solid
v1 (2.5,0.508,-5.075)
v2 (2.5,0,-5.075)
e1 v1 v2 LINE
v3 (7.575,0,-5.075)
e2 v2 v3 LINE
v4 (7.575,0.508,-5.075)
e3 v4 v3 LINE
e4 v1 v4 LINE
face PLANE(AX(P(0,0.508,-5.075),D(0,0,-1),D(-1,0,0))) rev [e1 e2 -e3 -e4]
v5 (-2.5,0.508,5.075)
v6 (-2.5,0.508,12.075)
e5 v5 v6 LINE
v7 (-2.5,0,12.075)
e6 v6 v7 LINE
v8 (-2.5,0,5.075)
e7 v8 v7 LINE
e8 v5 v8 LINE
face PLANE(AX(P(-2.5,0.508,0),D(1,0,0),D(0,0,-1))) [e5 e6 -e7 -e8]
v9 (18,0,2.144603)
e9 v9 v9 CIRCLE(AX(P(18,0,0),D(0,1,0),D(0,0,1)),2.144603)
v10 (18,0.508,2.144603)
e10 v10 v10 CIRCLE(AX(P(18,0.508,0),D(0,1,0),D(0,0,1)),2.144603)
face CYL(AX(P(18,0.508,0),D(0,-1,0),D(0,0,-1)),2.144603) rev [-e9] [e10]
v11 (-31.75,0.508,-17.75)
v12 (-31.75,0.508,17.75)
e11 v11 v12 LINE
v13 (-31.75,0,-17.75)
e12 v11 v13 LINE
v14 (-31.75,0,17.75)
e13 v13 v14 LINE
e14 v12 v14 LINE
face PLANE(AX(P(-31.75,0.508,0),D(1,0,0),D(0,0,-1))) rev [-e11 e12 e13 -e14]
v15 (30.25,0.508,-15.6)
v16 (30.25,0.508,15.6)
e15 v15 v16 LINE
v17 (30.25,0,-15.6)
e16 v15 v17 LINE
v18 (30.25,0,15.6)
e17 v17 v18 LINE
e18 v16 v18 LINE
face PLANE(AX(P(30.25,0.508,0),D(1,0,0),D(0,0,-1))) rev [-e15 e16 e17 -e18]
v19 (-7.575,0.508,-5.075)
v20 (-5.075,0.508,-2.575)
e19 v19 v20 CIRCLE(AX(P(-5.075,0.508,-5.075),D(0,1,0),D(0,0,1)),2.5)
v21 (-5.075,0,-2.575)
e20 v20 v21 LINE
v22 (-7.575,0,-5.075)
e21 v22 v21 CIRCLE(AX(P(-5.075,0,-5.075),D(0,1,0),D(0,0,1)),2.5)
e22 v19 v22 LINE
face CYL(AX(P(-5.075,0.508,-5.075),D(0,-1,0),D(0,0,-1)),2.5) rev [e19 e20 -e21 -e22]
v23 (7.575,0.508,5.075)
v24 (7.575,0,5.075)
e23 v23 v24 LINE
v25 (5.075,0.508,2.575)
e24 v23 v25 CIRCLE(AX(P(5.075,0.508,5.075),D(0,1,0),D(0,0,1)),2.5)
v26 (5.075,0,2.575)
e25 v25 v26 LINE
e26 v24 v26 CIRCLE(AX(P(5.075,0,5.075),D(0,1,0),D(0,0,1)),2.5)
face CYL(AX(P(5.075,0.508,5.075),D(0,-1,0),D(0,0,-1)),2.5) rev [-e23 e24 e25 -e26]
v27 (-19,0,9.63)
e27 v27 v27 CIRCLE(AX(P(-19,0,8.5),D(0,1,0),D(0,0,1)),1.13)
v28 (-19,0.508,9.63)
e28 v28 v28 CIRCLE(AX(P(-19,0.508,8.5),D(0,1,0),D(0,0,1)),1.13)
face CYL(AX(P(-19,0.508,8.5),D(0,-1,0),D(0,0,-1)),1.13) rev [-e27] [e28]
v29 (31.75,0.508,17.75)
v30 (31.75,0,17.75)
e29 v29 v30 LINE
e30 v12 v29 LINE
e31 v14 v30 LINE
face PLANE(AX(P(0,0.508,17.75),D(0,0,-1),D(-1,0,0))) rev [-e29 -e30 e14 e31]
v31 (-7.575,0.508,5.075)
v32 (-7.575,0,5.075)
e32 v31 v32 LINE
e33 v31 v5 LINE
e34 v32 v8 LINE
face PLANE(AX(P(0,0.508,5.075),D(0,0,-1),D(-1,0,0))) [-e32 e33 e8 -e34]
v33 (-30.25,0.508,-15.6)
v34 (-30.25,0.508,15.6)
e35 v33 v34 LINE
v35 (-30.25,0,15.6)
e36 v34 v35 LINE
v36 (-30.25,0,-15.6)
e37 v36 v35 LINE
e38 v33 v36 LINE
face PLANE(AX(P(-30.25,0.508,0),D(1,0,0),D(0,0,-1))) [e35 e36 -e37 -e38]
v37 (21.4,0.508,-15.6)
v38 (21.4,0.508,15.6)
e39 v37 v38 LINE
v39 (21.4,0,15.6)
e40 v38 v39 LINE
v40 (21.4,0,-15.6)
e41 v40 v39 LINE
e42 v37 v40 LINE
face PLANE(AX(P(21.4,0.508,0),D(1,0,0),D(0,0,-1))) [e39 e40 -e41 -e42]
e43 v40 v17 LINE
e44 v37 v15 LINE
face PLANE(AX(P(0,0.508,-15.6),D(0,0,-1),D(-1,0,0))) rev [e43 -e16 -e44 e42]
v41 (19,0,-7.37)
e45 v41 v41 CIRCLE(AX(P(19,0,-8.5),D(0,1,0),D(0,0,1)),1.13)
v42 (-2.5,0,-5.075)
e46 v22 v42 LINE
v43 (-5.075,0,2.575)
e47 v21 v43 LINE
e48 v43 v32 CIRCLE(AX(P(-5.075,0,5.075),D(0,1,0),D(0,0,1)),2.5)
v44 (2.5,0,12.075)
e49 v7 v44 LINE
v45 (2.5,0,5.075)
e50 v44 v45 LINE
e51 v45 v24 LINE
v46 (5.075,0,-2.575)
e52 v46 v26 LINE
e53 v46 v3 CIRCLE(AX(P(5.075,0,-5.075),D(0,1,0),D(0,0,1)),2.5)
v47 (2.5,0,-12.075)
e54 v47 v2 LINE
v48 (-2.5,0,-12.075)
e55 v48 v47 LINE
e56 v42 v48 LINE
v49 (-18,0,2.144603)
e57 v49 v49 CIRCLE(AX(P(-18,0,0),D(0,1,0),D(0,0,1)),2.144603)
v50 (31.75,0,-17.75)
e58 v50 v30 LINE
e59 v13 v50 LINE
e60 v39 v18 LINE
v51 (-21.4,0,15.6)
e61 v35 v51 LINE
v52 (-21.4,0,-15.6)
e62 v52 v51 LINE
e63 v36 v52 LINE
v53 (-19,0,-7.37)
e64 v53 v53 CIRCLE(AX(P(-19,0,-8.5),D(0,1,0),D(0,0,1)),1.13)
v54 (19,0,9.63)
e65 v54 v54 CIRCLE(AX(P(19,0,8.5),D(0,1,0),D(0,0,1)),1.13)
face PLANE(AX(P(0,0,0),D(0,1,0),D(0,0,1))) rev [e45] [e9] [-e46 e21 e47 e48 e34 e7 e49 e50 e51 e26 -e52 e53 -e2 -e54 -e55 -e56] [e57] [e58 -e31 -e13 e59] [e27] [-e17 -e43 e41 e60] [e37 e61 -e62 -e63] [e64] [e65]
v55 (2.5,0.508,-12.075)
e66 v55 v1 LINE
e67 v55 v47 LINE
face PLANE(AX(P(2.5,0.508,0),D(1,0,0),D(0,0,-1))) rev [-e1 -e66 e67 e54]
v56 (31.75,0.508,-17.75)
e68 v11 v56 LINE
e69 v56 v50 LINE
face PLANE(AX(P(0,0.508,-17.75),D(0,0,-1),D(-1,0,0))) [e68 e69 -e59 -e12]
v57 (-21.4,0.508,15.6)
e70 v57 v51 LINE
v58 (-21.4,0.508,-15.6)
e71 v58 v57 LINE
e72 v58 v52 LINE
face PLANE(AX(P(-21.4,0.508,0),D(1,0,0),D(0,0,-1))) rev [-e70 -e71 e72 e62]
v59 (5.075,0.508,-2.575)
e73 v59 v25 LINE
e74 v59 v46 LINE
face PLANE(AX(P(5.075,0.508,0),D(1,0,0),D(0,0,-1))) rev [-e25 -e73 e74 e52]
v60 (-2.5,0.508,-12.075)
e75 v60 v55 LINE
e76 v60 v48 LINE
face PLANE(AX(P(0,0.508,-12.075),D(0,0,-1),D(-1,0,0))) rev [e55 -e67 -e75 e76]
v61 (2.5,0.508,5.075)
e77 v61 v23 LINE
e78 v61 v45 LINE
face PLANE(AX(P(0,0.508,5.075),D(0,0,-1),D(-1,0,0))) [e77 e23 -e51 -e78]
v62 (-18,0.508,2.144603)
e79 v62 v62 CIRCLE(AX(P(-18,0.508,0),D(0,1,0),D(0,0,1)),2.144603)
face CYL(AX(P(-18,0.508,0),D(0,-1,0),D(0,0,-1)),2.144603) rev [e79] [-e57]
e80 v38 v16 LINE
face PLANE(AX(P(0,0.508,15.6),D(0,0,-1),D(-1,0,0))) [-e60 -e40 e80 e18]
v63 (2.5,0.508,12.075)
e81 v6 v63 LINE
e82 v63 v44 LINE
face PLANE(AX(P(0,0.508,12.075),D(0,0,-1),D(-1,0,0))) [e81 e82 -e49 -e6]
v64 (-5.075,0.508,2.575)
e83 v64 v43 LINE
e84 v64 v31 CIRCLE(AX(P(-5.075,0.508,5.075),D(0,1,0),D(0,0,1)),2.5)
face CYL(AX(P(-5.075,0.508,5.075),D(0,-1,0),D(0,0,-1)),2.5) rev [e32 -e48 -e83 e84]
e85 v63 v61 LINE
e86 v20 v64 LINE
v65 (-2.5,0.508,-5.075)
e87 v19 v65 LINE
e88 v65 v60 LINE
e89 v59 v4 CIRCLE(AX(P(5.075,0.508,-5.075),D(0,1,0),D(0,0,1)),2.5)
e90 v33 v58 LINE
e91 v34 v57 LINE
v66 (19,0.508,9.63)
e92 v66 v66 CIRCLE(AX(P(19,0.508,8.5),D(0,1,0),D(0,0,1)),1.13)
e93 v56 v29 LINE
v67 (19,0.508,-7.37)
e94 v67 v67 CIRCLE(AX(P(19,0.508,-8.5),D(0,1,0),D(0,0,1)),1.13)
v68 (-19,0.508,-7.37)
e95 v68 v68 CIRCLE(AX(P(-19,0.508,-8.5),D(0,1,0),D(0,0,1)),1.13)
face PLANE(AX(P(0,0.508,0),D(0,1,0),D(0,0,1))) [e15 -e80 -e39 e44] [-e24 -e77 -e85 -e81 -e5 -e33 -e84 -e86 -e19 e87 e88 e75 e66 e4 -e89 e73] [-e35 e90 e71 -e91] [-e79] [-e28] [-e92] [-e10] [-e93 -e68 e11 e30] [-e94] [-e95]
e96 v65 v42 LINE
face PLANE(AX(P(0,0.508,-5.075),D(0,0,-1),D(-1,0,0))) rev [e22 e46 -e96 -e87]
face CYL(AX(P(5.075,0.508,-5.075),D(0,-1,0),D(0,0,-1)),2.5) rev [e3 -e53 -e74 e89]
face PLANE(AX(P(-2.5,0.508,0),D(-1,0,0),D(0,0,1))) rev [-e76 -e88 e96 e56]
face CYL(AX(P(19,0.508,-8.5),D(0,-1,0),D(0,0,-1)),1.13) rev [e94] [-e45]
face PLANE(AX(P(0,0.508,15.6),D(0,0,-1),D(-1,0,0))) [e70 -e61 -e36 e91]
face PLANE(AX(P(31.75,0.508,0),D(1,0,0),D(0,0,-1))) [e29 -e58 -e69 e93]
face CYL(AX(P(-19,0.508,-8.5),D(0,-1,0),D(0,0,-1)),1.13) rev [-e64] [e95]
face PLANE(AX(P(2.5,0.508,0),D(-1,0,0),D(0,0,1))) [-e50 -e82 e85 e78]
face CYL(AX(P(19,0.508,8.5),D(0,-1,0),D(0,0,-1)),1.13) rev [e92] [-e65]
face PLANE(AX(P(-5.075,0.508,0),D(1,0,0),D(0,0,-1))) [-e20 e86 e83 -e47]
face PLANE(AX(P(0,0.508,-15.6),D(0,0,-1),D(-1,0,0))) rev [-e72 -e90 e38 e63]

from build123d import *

# Parameters (mm, degrees)
SKETCH1_W           = 63.5
SKETCH1_H           = 35.5
SKETCH1_R           = 1.13
SKETCH1_W_2         = 8.85
SKETCH1_H_2         = 31.2
SKETCH1_R_2         = 2.144603346
BOSS_EXTRUDE1_DEPTH = 0.508


with BuildPart() as part:
    # Sketch1 → Boss-Extrude1 (new body)
    with BuildSketch(Plane(origin=(0, 0, 0), x_dir=(1, 0, 0), z_dir=(0, 1, 0))):
        Rectangle(SKETCH1_W, SKETCH1_H)
        with BuildLine():
            Line((-2.5, 5.075), (-2.5, 12.075))
            Line((-2.5, 12.075), (2.5, 12.075))
            Line((2.5, 12.075), (2.5, 5.075))
            Line((2.5, 5.075), (7.575, 5.075))
            ThreePointArc((7.575, 5.075), (6.842766953, 3.307233047), (5.075, 2.575))
            Line((5.075, 2.575), (5.075, -2.575))
            ThreePointArc((5.075, -2.575), (6.842766953, -3.307233047), (7.575, -5.075))
            Line((7.575, -5.075), (2.5, -5.075))
            Line((2.5, -5.075), (2.5, -12.075))
            Line((2.5, -12.075), (-2.5, -12.075))
            Line((-2.5, -12.075), (-2.5, -5.075))
            Line((-2.5, -5.075), (-7.575, -5.075))
            ThreePointArc((-7.575, -5.075), (-6.842766953, -3.307233047), (-5.075, -2.575))
            Line((-5.075, -2.575), (-5.075, 2.575))
            ThreePointArc((-5.075, 2.575), (-6.842766953, 3.307233047), (-7.575, 5.075))
            Line((-7.575, 5.075), (-2.5, 5.075))
        make_face(mode=Mode.SUBTRACT)
        with Locations(Location((-19, -8.5, 0), (0, 0, 270))):
            Circle(SKETCH1_R, mode=Mode.SUBTRACT)
        with Locations(Location((19, -8.5, 0), (0, 0, 270))):
            Circle(SKETCH1_R, mode=Mode.SUBTRACT)
        with Locations((-25.825, 0)):
            Rectangle(SKETCH1_W_2, SKETCH1_H_2, mode=Mode.SUBTRACT)
        with Locations(Location((-18, 0, 0), (0, 0, 270))):
            Circle(SKETCH1_R_2, mode=Mode.SUBTRACT)
        with Locations(Location((-19, 8.5, 0), (0, 0, 270))):
            Circle(SKETCH1_R, mode=Mode.SUBTRACT)
        with Locations(Location((19, 8.5, 0), (0, 0, 270))):
            Circle(SKETCH1_R, mode=Mode.SUBTRACT)
        with Locations((25.825, 0)):
            Rectangle(SKETCH1_W_2, SKETCH1_H_2, mode=Mode.SUBTRACT)
        with Locations(Location((18, 0, 0), (0, 0, 270))):
            Circle(SKETCH1_R_2, mode=Mode.SUBTRACT)
    extrude(amount=BOSS_EXTRUDE1_DEPTH)


solid = part.part
